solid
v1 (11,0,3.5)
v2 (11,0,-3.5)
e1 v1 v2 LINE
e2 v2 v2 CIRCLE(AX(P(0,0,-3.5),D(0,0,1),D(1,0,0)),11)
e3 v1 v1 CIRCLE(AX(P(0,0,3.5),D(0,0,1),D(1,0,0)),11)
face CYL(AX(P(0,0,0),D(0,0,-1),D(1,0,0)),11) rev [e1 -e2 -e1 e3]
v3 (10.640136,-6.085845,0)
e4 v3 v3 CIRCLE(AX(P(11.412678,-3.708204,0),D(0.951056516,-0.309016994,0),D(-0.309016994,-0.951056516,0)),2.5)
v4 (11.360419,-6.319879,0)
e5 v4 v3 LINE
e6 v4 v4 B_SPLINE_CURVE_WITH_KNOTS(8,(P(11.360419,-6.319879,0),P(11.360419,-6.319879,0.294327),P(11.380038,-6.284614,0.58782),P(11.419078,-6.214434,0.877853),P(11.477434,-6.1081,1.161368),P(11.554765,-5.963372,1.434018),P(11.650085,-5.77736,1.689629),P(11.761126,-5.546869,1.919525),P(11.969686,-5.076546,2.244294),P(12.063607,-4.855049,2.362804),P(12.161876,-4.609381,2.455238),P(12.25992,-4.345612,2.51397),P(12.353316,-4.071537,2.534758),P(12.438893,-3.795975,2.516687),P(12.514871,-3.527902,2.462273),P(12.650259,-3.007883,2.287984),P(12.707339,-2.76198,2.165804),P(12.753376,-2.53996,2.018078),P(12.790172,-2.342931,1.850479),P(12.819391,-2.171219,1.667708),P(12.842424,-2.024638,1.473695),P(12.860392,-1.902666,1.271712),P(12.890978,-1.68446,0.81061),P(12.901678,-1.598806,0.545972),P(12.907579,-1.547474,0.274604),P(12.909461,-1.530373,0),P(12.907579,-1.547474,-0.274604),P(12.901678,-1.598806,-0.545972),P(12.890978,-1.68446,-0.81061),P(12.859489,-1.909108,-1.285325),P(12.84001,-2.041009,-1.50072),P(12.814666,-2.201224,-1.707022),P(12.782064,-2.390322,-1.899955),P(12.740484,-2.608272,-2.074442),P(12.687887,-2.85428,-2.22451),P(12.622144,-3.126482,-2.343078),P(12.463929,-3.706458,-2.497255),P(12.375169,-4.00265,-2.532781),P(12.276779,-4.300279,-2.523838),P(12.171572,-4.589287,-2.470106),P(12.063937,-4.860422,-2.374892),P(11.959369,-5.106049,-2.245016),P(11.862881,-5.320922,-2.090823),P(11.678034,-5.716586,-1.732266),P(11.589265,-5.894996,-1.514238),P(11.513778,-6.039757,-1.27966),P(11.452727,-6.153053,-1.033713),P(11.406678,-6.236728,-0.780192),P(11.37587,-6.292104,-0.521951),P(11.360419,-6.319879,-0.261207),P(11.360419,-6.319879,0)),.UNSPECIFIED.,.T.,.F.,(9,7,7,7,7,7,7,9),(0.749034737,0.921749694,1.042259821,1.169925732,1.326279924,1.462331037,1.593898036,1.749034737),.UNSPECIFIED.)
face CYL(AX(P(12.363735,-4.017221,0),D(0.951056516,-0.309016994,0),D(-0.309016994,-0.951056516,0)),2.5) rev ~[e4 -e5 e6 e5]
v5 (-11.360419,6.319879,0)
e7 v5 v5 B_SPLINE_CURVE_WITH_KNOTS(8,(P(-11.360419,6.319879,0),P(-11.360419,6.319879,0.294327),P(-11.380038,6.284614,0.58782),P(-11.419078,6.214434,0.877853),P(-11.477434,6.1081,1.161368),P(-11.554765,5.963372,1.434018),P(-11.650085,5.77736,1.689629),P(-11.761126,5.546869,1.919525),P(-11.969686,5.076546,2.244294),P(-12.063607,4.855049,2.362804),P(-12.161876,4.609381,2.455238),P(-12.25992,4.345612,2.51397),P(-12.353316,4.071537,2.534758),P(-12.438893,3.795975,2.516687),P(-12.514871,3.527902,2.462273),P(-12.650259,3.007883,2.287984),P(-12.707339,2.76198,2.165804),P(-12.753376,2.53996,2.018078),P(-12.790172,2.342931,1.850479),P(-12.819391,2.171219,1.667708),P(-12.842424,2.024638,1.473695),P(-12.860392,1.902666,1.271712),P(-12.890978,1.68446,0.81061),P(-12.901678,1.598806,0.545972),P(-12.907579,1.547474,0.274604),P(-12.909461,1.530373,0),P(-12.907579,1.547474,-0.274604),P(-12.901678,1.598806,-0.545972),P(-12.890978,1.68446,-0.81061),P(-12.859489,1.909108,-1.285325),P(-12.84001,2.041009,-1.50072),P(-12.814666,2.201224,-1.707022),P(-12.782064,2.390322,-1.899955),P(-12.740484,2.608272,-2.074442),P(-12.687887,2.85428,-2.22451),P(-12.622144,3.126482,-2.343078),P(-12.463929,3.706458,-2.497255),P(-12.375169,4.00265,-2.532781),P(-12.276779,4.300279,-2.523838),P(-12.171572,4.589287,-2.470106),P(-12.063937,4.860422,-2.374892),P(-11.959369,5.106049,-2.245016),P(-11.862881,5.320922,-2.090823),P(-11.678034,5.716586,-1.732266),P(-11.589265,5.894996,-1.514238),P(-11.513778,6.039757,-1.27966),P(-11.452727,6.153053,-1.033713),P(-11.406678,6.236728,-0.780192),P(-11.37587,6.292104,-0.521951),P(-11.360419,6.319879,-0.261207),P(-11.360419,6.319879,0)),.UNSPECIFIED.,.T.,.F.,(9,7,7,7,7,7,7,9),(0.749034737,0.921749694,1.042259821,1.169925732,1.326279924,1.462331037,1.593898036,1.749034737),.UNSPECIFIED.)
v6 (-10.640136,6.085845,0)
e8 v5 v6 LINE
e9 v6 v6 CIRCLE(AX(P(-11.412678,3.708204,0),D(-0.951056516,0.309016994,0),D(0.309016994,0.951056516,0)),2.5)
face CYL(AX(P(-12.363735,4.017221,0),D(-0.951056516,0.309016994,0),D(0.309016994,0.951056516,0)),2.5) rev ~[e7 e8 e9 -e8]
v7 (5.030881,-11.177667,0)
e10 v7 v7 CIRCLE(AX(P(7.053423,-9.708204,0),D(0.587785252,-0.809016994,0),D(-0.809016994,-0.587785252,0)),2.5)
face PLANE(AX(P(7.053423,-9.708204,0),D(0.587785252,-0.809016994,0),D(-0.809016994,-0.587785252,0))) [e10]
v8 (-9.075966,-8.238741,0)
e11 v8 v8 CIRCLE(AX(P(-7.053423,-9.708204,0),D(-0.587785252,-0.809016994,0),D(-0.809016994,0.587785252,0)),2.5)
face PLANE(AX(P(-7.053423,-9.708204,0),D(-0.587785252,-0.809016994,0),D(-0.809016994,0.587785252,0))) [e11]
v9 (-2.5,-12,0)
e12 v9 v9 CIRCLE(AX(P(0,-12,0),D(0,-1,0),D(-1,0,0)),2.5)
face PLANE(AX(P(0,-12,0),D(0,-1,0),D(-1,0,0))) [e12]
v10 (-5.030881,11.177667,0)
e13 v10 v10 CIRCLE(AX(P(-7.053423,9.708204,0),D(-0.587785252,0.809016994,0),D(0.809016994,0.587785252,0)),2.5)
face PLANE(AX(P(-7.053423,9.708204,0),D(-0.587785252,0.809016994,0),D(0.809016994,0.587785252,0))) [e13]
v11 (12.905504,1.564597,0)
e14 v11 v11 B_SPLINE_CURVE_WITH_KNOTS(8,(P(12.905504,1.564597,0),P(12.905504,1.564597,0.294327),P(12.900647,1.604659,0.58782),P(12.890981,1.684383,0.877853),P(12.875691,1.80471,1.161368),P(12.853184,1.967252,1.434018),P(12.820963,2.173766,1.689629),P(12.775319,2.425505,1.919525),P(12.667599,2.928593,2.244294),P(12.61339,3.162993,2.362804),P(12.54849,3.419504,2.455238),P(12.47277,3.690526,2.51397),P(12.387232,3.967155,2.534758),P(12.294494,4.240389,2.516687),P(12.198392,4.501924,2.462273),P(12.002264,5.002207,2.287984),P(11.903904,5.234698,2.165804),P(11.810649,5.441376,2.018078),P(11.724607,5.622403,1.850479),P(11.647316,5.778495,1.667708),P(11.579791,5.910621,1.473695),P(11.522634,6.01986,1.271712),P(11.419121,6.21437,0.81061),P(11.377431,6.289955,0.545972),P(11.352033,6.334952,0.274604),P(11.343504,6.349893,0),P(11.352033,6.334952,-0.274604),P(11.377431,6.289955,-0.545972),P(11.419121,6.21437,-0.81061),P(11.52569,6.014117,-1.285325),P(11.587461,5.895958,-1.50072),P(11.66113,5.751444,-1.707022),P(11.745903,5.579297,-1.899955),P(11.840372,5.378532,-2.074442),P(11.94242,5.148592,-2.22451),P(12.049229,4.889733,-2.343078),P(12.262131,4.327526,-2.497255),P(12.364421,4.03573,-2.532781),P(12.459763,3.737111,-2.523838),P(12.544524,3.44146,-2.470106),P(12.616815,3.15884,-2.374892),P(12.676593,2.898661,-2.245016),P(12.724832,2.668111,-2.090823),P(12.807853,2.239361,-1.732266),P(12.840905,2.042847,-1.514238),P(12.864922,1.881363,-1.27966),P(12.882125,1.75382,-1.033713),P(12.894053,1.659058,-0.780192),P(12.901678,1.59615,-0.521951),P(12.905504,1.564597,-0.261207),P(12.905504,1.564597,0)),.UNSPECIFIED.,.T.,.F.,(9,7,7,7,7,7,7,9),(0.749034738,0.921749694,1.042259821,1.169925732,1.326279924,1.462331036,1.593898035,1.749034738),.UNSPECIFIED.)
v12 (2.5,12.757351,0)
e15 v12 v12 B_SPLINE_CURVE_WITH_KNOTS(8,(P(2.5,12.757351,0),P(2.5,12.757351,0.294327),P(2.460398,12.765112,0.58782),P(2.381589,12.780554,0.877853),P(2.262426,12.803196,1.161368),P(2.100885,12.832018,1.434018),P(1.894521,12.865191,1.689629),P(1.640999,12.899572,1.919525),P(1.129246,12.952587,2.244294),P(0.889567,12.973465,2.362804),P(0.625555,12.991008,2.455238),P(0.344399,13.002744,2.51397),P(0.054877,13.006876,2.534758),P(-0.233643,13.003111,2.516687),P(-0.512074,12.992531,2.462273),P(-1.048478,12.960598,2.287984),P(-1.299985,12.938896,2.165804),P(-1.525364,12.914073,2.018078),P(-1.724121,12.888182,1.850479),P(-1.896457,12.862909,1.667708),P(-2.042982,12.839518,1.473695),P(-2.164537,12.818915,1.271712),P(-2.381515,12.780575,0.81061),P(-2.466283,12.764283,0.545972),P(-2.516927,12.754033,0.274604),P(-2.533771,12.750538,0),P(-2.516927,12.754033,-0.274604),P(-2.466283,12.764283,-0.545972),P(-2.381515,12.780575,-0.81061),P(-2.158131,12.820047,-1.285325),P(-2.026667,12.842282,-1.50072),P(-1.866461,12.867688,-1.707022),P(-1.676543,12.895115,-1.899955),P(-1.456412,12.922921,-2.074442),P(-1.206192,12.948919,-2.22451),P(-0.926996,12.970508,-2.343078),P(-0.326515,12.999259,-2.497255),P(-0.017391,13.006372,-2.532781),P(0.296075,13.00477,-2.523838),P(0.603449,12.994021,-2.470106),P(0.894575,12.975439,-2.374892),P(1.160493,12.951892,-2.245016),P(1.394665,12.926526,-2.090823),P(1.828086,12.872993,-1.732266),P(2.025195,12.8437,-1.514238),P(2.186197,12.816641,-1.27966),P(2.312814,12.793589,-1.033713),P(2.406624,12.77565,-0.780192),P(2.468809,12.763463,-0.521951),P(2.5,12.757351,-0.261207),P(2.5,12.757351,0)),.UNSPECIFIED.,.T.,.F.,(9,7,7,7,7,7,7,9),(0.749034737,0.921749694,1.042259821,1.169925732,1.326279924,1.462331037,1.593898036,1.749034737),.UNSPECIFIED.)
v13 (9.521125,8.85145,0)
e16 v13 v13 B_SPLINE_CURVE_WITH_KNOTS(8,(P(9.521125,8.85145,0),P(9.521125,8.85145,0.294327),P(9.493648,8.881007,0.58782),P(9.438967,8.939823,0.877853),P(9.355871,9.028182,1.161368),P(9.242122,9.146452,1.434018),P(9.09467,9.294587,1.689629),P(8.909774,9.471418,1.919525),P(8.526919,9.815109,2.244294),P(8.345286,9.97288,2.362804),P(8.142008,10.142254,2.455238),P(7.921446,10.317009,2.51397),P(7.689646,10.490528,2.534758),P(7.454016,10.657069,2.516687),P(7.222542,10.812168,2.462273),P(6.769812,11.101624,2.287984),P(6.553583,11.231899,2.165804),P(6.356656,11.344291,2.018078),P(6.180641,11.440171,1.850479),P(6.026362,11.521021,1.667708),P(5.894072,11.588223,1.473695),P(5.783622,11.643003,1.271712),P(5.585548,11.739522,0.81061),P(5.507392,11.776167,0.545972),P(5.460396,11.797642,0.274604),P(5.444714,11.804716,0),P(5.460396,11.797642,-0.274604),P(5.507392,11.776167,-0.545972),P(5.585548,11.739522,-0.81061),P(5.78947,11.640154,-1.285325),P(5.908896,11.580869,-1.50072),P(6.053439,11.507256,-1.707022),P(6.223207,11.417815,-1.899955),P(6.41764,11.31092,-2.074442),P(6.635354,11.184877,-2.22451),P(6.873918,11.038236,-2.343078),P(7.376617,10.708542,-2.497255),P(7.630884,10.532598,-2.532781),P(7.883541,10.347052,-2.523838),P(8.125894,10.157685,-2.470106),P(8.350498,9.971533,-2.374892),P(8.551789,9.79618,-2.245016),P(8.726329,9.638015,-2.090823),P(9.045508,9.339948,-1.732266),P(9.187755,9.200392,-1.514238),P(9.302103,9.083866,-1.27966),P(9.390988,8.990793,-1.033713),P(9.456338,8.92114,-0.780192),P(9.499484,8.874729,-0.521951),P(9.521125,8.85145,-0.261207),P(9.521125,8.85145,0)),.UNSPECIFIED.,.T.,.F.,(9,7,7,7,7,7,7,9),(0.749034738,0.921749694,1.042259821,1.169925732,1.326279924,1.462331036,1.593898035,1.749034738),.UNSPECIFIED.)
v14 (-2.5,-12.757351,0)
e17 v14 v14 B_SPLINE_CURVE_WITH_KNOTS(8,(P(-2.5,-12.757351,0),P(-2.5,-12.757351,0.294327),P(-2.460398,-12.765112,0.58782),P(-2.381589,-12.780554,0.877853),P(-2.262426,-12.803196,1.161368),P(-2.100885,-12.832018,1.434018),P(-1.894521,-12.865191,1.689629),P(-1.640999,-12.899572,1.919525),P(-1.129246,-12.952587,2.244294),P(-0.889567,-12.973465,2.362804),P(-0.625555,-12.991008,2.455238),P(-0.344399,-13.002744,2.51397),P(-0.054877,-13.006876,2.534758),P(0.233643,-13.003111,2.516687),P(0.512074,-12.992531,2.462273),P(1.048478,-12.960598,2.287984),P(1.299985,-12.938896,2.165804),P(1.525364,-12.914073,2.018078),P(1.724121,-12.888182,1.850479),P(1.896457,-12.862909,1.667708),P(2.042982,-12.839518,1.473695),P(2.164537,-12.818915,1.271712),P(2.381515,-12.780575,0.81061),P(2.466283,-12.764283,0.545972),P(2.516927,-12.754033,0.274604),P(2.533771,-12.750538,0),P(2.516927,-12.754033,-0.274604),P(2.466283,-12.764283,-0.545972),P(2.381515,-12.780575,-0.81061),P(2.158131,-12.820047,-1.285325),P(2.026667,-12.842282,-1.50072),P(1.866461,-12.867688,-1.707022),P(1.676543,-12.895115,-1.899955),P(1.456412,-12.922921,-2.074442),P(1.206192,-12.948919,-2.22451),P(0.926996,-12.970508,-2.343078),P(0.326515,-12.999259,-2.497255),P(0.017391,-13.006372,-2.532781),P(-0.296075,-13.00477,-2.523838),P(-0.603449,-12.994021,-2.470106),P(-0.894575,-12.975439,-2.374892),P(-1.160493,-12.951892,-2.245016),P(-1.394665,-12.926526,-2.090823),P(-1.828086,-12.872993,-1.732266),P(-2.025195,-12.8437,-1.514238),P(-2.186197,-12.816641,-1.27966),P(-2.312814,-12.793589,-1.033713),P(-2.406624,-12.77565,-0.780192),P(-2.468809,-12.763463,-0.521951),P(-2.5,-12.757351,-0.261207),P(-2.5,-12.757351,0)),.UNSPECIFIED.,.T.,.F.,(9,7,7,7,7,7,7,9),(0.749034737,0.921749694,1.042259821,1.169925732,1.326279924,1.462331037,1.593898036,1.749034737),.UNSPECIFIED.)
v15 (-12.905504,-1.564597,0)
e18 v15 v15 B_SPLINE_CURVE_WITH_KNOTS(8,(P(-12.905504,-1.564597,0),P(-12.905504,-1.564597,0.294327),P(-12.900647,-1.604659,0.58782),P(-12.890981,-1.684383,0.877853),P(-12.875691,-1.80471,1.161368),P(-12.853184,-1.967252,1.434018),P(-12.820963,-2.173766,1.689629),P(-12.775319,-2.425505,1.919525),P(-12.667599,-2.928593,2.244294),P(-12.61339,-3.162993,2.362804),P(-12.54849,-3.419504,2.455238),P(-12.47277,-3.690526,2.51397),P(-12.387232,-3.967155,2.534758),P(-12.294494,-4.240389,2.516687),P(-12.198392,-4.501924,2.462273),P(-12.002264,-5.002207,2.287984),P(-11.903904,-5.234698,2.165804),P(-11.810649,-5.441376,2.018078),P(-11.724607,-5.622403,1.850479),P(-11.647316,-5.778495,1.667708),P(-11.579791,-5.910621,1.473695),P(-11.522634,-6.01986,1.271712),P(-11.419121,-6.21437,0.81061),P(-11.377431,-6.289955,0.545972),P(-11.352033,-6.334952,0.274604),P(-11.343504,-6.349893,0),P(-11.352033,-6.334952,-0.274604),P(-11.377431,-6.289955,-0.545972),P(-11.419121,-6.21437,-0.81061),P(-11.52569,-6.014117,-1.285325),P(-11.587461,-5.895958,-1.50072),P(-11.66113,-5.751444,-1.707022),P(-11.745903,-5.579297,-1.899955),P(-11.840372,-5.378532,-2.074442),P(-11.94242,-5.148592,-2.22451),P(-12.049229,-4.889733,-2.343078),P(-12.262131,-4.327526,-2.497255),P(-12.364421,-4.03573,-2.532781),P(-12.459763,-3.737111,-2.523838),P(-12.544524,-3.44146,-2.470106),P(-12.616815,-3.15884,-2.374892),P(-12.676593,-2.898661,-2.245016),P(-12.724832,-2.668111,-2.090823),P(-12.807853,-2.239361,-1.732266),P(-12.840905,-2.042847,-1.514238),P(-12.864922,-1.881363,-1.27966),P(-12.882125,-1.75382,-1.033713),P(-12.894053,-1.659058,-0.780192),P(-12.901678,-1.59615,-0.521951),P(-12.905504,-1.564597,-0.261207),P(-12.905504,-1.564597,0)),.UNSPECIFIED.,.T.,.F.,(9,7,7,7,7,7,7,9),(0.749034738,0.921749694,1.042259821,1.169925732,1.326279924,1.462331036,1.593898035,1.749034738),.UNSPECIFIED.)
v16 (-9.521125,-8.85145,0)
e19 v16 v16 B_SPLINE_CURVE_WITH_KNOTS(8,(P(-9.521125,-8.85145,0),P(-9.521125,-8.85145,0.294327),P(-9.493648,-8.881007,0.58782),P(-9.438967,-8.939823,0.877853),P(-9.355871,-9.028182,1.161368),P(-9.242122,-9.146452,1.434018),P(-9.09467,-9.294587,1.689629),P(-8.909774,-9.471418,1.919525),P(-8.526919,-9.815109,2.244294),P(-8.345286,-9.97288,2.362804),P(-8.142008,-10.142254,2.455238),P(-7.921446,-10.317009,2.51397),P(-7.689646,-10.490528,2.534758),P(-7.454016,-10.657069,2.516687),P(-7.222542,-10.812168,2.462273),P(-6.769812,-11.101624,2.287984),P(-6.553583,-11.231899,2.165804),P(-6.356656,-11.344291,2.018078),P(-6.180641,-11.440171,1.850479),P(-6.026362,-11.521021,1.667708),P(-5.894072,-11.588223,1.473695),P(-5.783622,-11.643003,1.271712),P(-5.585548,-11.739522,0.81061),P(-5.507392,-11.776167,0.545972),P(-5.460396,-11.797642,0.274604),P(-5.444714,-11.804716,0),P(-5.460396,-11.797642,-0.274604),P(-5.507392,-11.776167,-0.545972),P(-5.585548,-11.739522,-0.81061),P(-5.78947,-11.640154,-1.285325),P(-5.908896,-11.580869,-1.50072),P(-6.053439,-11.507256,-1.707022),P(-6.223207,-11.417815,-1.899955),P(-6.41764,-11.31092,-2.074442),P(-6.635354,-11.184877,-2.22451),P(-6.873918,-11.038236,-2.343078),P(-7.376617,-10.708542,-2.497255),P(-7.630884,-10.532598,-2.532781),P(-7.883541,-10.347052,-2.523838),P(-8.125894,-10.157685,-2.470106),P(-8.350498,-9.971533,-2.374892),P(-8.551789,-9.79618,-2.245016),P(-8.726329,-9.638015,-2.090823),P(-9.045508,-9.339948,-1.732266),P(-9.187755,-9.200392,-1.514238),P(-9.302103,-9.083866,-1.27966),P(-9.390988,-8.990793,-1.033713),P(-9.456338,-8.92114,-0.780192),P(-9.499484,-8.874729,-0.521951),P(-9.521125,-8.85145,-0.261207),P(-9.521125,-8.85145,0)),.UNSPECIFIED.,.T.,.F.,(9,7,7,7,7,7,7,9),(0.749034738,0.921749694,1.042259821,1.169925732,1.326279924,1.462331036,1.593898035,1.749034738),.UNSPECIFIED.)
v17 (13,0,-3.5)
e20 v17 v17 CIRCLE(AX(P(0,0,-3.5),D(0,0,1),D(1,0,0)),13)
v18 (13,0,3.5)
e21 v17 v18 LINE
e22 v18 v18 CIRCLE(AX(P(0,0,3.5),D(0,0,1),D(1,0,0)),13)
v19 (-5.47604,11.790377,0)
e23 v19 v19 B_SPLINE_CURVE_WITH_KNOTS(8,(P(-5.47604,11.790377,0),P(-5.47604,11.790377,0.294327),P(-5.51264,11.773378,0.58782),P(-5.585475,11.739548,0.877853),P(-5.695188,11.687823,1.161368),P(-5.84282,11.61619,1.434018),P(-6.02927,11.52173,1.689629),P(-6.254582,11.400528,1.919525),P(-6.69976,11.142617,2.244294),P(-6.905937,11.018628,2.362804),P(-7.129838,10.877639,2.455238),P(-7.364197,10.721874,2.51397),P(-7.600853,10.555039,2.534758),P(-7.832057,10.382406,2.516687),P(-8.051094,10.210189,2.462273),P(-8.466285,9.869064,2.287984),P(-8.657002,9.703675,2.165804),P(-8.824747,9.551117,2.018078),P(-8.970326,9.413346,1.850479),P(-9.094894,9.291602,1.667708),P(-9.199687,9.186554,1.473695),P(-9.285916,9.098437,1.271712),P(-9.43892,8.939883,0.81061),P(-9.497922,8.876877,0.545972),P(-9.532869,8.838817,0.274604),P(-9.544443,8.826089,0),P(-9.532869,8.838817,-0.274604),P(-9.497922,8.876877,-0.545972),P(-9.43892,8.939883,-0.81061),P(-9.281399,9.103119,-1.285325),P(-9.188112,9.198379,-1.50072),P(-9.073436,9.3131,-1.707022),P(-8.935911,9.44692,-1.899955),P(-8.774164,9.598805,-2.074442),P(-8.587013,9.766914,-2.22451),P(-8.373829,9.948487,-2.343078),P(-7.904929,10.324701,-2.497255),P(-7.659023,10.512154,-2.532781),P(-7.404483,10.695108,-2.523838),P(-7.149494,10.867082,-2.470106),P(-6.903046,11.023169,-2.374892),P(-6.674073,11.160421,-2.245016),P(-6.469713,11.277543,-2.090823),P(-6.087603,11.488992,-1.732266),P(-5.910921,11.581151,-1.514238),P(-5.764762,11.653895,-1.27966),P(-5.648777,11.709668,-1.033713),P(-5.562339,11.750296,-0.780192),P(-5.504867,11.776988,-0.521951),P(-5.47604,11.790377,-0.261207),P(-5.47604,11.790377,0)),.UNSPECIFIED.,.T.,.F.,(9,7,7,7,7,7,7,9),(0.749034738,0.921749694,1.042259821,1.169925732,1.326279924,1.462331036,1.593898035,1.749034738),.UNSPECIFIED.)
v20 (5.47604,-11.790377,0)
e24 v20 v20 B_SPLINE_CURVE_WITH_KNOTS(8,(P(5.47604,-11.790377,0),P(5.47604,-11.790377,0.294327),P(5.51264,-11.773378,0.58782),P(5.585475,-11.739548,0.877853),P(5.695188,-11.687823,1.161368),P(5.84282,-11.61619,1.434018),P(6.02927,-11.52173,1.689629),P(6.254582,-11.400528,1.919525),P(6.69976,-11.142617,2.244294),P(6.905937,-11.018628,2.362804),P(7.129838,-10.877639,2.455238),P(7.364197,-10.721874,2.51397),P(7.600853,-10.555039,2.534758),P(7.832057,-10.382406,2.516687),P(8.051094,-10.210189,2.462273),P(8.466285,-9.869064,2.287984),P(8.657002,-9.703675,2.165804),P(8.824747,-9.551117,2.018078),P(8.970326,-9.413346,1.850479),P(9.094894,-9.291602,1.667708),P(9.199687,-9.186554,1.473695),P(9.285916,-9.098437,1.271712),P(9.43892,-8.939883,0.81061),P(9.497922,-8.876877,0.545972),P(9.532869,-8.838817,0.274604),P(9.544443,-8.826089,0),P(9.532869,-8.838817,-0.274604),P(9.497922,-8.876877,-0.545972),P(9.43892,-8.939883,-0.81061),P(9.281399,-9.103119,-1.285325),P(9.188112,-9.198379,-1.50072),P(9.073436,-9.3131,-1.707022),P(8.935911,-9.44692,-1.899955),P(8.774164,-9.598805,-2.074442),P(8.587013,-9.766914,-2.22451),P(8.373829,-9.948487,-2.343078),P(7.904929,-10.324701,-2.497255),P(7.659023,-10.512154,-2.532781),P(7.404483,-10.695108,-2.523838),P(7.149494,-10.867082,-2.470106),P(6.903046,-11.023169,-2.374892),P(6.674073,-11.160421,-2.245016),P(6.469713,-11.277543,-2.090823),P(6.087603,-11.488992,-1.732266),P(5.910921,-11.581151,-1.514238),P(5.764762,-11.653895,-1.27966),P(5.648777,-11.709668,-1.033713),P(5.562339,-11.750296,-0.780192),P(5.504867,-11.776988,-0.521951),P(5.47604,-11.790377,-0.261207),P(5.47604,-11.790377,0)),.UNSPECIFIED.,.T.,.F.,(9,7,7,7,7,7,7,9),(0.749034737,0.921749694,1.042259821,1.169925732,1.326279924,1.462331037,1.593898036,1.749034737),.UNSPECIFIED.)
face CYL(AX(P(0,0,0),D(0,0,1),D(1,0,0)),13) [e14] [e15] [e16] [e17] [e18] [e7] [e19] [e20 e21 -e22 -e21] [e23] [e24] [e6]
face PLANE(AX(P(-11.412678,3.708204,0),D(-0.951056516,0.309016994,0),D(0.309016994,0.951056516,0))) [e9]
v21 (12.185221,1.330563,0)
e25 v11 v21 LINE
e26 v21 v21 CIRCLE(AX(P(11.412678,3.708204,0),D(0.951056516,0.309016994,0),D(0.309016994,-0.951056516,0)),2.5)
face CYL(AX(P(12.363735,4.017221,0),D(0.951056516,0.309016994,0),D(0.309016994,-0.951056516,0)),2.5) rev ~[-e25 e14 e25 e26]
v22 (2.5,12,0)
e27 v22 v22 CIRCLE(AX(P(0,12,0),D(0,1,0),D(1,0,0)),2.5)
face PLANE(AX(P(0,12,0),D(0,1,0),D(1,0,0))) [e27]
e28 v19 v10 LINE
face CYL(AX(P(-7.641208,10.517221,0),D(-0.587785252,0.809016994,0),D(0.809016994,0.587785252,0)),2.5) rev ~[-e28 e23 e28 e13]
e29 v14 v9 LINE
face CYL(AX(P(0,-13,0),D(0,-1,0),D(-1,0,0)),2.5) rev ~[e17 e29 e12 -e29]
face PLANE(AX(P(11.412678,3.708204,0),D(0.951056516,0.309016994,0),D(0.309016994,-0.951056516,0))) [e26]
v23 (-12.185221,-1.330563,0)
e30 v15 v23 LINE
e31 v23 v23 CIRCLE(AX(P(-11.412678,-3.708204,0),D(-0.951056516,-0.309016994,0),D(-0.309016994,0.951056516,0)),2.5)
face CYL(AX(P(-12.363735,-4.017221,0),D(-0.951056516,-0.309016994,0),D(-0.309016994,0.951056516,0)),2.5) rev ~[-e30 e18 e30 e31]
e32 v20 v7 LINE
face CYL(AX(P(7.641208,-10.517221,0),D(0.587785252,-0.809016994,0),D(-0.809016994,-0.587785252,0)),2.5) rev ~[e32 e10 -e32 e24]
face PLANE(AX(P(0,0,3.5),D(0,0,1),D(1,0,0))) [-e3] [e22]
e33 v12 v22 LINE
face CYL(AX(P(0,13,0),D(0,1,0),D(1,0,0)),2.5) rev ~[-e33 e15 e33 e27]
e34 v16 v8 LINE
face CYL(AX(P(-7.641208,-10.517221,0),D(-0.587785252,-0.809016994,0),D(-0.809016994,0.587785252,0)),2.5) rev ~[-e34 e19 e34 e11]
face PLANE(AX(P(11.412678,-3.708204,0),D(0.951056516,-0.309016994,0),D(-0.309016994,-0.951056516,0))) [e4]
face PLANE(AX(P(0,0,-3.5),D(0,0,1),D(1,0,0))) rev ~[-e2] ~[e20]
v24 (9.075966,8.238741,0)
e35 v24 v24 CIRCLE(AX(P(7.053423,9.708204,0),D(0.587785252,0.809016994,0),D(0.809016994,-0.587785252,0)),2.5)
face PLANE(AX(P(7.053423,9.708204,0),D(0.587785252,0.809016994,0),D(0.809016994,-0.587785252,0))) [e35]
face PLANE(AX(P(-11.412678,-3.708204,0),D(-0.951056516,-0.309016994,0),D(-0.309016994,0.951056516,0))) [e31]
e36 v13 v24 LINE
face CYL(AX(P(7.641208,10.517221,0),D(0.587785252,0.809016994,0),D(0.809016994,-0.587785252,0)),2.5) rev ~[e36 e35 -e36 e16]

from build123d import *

# Parameters (mm, degrees)
SKETCH1_R           = 13
SKETCH1_R_2         = 11
BOSS_EXTRUDE1_DEPTH = 3.5
SKETCH2_R           = 2.5
CUT_EXTRUDE3_DEPTH  = 1
CIRPATTERN1_COUNT   = 10


with BuildPart() as part:
    # Sketch1 → Boss-Extrude1 (new, symmetric)
    with BuildSketch(Plane.XY):
        Circle(SKETCH1_R)
        Circle(SKETCH1_R_2, mode=Mode.SUBTRACT)
    extrude(amount=BOSS_EXTRUDE1_DEPTH, both=True)

    # Sketch2 → Cut-Extrude3 (cut)
    with BuildSketch(Plane(origin=(0, 13, 0), x_dir=(1, 0, 0), z_dir=(0, 1, 0))):
        Circle(SKETCH2_R)
    cut_extrude3 = extrude(amount=-CUT_EXTRUDE3_DEPTH, mode=Mode.SUBTRACT)

    # CirPattern1: Cut-Extrude3 ×10 about axis
    cirpattern1_axis = Axis((0, 0, 3.5), (0, 0, -1))
    for i in range(1, CIRPATTERN1_COUNT):
        add(cut_extrude3.rotate(cirpattern1_axis, i * 360 / CIRPATTERN1_COUNT), mode=Mode.SUBTRACT)


solid = part.part
